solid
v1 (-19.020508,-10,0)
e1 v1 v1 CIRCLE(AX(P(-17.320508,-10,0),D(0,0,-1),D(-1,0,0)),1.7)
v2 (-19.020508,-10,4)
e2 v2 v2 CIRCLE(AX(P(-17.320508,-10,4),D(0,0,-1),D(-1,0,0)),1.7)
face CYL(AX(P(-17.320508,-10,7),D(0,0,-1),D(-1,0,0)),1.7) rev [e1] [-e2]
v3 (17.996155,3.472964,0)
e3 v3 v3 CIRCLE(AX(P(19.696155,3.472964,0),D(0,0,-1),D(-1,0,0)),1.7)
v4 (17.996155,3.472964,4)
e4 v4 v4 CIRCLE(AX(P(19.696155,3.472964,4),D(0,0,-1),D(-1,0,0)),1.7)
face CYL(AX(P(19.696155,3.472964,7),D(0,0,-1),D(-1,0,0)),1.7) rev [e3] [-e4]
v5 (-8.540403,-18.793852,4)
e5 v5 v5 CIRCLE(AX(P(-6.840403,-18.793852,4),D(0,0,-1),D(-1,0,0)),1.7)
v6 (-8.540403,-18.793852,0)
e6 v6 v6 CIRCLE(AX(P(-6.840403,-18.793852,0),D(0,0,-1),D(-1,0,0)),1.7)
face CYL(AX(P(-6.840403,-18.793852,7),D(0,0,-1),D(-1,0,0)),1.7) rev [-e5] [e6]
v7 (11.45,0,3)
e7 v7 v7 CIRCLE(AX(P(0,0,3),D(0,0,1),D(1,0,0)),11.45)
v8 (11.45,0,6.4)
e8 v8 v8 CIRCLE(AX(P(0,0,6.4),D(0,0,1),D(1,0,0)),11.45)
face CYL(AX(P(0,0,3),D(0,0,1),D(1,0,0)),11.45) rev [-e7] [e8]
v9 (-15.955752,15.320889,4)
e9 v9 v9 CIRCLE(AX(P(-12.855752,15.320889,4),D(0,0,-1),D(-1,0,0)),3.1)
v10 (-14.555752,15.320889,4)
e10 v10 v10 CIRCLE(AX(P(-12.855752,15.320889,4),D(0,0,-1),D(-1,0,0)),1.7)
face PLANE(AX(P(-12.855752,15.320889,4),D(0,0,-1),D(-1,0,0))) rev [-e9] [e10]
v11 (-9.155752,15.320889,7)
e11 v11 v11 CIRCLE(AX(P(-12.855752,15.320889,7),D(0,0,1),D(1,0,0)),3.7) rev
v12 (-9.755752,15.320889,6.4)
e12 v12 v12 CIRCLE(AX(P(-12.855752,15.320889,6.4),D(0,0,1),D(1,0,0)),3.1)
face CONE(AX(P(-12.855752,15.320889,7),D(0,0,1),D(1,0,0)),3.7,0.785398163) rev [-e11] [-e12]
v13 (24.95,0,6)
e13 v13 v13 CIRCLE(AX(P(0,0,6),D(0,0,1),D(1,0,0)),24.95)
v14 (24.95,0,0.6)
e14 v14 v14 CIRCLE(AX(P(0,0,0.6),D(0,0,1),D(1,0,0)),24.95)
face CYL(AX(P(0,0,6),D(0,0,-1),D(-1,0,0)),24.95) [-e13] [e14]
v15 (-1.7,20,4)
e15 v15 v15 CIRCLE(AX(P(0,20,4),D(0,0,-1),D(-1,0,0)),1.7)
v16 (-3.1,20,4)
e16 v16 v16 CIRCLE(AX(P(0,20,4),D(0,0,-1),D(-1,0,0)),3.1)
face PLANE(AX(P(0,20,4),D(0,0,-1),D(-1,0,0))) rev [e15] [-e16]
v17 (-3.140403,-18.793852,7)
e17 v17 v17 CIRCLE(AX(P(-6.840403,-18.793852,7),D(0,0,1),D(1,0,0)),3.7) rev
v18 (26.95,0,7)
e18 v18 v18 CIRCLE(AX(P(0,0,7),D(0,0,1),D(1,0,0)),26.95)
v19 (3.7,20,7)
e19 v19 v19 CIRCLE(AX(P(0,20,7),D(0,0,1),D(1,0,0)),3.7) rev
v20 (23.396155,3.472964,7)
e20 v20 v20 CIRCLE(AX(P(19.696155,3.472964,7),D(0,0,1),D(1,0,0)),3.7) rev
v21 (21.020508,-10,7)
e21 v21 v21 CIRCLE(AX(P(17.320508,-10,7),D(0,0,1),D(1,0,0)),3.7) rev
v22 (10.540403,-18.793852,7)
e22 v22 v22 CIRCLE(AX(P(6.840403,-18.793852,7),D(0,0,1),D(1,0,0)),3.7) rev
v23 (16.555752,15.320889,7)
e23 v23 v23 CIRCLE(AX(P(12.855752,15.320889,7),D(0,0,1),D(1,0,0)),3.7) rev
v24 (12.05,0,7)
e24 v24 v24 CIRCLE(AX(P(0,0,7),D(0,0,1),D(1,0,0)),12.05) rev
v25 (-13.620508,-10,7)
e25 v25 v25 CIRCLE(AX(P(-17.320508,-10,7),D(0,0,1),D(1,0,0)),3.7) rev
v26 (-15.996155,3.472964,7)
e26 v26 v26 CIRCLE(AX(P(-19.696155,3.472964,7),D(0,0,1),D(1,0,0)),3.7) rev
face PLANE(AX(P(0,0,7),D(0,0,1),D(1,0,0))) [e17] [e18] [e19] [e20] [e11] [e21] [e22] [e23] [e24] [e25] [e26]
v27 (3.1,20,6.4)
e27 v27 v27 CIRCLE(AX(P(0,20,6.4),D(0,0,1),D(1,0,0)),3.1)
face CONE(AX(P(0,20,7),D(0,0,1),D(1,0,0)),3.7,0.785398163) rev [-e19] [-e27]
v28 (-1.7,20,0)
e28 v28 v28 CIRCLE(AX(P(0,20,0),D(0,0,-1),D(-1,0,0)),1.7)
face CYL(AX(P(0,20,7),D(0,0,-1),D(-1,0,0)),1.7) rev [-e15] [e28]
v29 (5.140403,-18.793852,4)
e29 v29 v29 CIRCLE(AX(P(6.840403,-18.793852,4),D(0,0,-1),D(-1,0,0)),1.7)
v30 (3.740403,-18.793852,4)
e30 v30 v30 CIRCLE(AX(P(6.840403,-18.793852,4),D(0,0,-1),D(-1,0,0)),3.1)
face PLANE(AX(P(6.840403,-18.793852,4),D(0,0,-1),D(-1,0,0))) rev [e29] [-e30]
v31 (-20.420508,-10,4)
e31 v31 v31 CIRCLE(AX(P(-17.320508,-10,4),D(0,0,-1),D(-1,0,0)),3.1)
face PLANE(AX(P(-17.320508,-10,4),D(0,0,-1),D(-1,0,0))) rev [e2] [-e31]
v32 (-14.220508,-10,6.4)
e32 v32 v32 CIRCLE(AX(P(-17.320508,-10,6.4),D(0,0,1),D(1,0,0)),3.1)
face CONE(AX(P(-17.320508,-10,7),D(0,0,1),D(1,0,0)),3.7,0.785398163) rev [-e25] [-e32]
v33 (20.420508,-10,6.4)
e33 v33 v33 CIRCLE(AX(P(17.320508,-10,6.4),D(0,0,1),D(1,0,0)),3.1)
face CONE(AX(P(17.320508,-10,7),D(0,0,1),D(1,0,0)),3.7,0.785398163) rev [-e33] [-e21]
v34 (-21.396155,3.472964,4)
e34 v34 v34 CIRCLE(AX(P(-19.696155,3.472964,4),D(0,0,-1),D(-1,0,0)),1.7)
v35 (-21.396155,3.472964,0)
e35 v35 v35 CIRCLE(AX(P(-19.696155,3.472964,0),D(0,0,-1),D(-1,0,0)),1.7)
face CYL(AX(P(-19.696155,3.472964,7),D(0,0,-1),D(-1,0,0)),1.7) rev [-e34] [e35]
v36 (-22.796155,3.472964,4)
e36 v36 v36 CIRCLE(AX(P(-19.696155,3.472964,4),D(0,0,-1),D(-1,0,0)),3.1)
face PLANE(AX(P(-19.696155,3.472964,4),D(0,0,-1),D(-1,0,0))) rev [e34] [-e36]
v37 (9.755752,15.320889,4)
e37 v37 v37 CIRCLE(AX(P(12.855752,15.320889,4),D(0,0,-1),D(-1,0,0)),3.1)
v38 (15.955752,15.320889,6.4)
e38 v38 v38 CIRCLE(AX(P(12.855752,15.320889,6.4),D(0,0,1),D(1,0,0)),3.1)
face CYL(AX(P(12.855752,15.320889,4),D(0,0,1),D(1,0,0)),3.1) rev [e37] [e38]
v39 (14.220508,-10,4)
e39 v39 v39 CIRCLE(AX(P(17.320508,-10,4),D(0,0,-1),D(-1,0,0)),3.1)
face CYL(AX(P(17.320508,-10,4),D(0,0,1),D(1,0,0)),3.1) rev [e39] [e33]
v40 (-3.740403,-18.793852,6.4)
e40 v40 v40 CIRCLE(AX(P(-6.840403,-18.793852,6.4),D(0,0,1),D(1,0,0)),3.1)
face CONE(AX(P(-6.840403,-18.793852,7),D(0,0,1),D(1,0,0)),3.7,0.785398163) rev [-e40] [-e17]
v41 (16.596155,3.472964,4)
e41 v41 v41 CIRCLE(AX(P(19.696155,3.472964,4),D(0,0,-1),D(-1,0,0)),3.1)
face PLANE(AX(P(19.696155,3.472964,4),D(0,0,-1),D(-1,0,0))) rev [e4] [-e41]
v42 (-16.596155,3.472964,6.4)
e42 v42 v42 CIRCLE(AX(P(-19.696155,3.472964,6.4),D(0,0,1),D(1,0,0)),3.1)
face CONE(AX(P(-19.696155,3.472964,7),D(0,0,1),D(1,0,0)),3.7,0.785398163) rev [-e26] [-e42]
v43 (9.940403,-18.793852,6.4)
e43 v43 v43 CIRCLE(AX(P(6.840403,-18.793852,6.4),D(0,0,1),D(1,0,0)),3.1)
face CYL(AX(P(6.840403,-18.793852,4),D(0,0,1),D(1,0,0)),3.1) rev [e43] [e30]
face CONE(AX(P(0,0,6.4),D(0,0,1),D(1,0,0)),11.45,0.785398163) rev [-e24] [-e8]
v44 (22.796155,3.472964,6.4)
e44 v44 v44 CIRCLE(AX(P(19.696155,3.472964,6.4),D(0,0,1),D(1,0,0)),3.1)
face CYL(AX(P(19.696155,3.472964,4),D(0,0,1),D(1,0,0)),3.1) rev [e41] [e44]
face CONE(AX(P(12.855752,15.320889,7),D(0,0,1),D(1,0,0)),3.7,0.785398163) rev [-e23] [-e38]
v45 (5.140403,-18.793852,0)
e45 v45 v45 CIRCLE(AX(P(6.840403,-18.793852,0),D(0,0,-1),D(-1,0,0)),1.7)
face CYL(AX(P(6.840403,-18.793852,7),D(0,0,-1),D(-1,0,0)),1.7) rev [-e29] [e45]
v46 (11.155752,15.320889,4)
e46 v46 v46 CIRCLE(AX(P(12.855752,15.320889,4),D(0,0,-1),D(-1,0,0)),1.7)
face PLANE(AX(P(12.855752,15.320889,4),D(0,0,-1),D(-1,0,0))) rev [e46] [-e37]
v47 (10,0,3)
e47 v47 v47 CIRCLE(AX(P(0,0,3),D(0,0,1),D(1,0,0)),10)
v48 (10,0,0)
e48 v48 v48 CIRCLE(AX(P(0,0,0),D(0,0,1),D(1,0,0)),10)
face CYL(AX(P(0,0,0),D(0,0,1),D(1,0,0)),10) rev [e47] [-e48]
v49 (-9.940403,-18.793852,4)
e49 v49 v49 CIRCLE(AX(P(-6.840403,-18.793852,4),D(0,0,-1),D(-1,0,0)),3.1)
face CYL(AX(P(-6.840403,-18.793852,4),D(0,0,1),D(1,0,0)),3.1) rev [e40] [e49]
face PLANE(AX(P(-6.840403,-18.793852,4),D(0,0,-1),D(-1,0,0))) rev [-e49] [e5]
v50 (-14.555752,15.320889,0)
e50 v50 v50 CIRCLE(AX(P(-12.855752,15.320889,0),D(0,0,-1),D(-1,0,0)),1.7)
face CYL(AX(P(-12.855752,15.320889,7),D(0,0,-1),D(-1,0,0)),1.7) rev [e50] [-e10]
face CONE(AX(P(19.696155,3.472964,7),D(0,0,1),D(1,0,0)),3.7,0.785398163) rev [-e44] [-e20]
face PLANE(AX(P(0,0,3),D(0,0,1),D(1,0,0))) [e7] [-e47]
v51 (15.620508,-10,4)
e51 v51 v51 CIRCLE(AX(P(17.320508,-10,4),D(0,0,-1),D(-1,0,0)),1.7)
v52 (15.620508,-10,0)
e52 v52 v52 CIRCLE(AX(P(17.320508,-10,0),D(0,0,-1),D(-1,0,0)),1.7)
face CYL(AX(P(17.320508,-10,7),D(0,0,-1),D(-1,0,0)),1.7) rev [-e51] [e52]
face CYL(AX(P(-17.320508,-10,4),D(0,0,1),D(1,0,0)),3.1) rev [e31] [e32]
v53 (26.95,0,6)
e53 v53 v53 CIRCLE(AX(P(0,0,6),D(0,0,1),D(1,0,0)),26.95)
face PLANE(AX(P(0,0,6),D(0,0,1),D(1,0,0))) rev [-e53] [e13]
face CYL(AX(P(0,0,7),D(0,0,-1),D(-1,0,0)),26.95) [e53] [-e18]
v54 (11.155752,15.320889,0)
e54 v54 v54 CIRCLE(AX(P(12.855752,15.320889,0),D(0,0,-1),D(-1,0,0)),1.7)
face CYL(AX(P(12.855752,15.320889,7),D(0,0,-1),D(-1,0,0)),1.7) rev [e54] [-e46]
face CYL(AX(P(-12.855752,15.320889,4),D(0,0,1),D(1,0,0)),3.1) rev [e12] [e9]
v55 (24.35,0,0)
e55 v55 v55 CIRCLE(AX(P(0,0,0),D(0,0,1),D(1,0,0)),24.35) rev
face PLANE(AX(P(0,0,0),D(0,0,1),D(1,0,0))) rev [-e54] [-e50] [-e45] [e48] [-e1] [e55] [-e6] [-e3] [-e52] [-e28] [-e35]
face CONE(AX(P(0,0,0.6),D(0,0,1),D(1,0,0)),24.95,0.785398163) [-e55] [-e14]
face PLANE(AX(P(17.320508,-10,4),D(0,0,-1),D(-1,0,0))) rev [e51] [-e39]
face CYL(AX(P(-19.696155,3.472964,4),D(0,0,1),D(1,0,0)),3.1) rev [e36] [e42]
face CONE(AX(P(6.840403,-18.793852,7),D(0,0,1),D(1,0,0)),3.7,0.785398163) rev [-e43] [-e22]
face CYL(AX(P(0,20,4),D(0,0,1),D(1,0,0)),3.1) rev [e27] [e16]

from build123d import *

# Parameters (mm, degrees)
ESQUISSE1_R             = 24.95
BOSS_EXTRU_1_DEPTH      = 6
ESQUISSE2_R             = 26.95
BOSS_EXTRU_2_DEPTH      = 1
ESQUISSE3_R             = 3.1
ENL_V_MAT_EXTRU_1_DEPTH = 3
ESQUISSE4_R             = 1.7
ENL_V_MAT_EXTRU_2_DEPTH = 8
ESQUISSE5_R             = 11.45
ENL_V_MAT_EXTRU_3_DEPTH = 4
ESQUISSE6_R             = 10
ENL_V_MAT_EXTRU_4_DEPTH = 4
CHANFREIN1_SIZE         = 0.6
CHANFREIN2_SIZE         = 0.6


with BuildPart() as part:
    # Esquisse1 → Boss.-Extru.1 (new body)
    with BuildSketch(Plane.XY):
        Circle(ESQUISSE1_R)
    extrude(amount=BOSS_EXTRU_1_DEPTH)

    # Esquisse2 → Boss.-Extru.2 (add)
    with BuildSketch(Plane.XY.offset(6)):
        Circle(ESQUISSE2_R)
    extrude(amount=BOSS_EXTRU_2_DEPTH)

    # Esquisse3 → Enlèv. mat.-Extru.1 (cut)
    with BuildSketch(Plane(origin=(0, 0, 7), x_dir=(-1, 0, 0), z_dir=(0, 0, -1))):
        with Locations((0, 20)):
            Circle(ESQUISSE3_R)
        with Locations((12.855752194, 15.320888862)):
            Circle(ESQUISSE3_R)
        with Locations((19.69615506, 3.472963553)):
            Circle(ESQUISSE3_R)
        with Locations((17.320508076, -10)):
            Circle(ESQUISSE3_R)
        with Locations((6.840402867, -18.793852416)):
            Circle(ESQUISSE3_R)
        with Locations((-6.840402867, -18.793852416)):
            Circle(ESQUISSE3_R)
        with Locations((-17.320508076, -10)):
            Circle(ESQUISSE3_R)
        with Locations((-19.69615506, 3.472963553)):
            Circle(ESQUISSE3_R)
        with Locations((-12.855752194, 15.320888862)):
            Circle(ESQUISSE3_R)
    extrude(amount=ENL_V_MAT_EXTRU_1_DEPTH, mode=Mode.SUBTRACT)

    # Esquisse4 → Enlèv. mat.-Extru.2 (cut, through all)
    with BuildSketch(Plane(origin=(0, 0, 0), x_dir=(-1, 0, 0), z_dir=(0, 0, -1))):
        with Locations((0, 20)):
            Circle(ESQUISSE4_R)
        with Locations((12.855752194, 15.320888862)):
            Circle(ESQUISSE4_R)
        with Locations((19.69615506, 3.472963553)):
            Circle(ESQUISSE4_R)
        with Locations((17.320508076, -10)):
            Circle(ESQUISSE4_R)
        with Locations((6.840402867, -18.793852416)):
            Circle(ESQUISSE4_R)
        with Locations((-6.840402867, -18.793852416)):
            Circle(ESQUISSE4_R)
        with Locations((-17.320508076, -10)):
            Circle(ESQUISSE4_R)
        with Locations((-19.69615506, 3.472963553)):
            Circle(ESQUISSE4_R)
        with Locations((-12.855752194, 15.320888862)):
            Circle(ESQUISSE4_R)
    extrude(amount=-ENL_V_MAT_EXTRU_2_DEPTH, mode=Mode.SUBTRACT)

    # Esquisse5 → Enlèv. mat.-Extru.3 (cut)
    with BuildSketch(Plane.XY.offset(7)):
        Circle(ESQUISSE5_R)
    extrude(amount=-ENL_V_MAT_EXTRU_3_DEPTH, mode=Mode.SUBTRACT)

    # Esquisse6 → Enlèv. mat.-Extru.4 (cut, through all)
    with BuildSketch(Plane.XY.offset(3)):
        Circle(ESQUISSE6_R)
    extrude(amount=-ENL_V_MAT_EXTRU_4_DEPTH, mode=Mode.SUBTRACT)

    # Chanfrein1
    chanfrein1_edges = [part.edges().sort_by_distance(p)[0] for p in [
        (3.1, 20, 7),
        (-9.755752194, 15.320888862, 7),
        (-16.59615506, 3.472963553, 7),
        (-14.220508076, -10, 7),
        (-3.740402867, -18.793852416, 7),
        (9.940402867, -18.793852416, 7),
        (20.420508076, -10, 7),
        (22.79615506, 3.472963553, 7),
        (15.955752194, 15.320888862, 7),
        (-11.45, 0, 7),
    ]]
    chamfer(chanfrein1_edges, length=CHANFREIN1_SIZE)

    # Chanfrein2
    chanfrein2_edges = [part.edges().sort_by_distance(p)[0] for p in [
        (-24.95, 0, 0),
    ]]
    chamfer(chanfrein2_edges, length=CHANFREIN2_SIZE)


solid = part.part
